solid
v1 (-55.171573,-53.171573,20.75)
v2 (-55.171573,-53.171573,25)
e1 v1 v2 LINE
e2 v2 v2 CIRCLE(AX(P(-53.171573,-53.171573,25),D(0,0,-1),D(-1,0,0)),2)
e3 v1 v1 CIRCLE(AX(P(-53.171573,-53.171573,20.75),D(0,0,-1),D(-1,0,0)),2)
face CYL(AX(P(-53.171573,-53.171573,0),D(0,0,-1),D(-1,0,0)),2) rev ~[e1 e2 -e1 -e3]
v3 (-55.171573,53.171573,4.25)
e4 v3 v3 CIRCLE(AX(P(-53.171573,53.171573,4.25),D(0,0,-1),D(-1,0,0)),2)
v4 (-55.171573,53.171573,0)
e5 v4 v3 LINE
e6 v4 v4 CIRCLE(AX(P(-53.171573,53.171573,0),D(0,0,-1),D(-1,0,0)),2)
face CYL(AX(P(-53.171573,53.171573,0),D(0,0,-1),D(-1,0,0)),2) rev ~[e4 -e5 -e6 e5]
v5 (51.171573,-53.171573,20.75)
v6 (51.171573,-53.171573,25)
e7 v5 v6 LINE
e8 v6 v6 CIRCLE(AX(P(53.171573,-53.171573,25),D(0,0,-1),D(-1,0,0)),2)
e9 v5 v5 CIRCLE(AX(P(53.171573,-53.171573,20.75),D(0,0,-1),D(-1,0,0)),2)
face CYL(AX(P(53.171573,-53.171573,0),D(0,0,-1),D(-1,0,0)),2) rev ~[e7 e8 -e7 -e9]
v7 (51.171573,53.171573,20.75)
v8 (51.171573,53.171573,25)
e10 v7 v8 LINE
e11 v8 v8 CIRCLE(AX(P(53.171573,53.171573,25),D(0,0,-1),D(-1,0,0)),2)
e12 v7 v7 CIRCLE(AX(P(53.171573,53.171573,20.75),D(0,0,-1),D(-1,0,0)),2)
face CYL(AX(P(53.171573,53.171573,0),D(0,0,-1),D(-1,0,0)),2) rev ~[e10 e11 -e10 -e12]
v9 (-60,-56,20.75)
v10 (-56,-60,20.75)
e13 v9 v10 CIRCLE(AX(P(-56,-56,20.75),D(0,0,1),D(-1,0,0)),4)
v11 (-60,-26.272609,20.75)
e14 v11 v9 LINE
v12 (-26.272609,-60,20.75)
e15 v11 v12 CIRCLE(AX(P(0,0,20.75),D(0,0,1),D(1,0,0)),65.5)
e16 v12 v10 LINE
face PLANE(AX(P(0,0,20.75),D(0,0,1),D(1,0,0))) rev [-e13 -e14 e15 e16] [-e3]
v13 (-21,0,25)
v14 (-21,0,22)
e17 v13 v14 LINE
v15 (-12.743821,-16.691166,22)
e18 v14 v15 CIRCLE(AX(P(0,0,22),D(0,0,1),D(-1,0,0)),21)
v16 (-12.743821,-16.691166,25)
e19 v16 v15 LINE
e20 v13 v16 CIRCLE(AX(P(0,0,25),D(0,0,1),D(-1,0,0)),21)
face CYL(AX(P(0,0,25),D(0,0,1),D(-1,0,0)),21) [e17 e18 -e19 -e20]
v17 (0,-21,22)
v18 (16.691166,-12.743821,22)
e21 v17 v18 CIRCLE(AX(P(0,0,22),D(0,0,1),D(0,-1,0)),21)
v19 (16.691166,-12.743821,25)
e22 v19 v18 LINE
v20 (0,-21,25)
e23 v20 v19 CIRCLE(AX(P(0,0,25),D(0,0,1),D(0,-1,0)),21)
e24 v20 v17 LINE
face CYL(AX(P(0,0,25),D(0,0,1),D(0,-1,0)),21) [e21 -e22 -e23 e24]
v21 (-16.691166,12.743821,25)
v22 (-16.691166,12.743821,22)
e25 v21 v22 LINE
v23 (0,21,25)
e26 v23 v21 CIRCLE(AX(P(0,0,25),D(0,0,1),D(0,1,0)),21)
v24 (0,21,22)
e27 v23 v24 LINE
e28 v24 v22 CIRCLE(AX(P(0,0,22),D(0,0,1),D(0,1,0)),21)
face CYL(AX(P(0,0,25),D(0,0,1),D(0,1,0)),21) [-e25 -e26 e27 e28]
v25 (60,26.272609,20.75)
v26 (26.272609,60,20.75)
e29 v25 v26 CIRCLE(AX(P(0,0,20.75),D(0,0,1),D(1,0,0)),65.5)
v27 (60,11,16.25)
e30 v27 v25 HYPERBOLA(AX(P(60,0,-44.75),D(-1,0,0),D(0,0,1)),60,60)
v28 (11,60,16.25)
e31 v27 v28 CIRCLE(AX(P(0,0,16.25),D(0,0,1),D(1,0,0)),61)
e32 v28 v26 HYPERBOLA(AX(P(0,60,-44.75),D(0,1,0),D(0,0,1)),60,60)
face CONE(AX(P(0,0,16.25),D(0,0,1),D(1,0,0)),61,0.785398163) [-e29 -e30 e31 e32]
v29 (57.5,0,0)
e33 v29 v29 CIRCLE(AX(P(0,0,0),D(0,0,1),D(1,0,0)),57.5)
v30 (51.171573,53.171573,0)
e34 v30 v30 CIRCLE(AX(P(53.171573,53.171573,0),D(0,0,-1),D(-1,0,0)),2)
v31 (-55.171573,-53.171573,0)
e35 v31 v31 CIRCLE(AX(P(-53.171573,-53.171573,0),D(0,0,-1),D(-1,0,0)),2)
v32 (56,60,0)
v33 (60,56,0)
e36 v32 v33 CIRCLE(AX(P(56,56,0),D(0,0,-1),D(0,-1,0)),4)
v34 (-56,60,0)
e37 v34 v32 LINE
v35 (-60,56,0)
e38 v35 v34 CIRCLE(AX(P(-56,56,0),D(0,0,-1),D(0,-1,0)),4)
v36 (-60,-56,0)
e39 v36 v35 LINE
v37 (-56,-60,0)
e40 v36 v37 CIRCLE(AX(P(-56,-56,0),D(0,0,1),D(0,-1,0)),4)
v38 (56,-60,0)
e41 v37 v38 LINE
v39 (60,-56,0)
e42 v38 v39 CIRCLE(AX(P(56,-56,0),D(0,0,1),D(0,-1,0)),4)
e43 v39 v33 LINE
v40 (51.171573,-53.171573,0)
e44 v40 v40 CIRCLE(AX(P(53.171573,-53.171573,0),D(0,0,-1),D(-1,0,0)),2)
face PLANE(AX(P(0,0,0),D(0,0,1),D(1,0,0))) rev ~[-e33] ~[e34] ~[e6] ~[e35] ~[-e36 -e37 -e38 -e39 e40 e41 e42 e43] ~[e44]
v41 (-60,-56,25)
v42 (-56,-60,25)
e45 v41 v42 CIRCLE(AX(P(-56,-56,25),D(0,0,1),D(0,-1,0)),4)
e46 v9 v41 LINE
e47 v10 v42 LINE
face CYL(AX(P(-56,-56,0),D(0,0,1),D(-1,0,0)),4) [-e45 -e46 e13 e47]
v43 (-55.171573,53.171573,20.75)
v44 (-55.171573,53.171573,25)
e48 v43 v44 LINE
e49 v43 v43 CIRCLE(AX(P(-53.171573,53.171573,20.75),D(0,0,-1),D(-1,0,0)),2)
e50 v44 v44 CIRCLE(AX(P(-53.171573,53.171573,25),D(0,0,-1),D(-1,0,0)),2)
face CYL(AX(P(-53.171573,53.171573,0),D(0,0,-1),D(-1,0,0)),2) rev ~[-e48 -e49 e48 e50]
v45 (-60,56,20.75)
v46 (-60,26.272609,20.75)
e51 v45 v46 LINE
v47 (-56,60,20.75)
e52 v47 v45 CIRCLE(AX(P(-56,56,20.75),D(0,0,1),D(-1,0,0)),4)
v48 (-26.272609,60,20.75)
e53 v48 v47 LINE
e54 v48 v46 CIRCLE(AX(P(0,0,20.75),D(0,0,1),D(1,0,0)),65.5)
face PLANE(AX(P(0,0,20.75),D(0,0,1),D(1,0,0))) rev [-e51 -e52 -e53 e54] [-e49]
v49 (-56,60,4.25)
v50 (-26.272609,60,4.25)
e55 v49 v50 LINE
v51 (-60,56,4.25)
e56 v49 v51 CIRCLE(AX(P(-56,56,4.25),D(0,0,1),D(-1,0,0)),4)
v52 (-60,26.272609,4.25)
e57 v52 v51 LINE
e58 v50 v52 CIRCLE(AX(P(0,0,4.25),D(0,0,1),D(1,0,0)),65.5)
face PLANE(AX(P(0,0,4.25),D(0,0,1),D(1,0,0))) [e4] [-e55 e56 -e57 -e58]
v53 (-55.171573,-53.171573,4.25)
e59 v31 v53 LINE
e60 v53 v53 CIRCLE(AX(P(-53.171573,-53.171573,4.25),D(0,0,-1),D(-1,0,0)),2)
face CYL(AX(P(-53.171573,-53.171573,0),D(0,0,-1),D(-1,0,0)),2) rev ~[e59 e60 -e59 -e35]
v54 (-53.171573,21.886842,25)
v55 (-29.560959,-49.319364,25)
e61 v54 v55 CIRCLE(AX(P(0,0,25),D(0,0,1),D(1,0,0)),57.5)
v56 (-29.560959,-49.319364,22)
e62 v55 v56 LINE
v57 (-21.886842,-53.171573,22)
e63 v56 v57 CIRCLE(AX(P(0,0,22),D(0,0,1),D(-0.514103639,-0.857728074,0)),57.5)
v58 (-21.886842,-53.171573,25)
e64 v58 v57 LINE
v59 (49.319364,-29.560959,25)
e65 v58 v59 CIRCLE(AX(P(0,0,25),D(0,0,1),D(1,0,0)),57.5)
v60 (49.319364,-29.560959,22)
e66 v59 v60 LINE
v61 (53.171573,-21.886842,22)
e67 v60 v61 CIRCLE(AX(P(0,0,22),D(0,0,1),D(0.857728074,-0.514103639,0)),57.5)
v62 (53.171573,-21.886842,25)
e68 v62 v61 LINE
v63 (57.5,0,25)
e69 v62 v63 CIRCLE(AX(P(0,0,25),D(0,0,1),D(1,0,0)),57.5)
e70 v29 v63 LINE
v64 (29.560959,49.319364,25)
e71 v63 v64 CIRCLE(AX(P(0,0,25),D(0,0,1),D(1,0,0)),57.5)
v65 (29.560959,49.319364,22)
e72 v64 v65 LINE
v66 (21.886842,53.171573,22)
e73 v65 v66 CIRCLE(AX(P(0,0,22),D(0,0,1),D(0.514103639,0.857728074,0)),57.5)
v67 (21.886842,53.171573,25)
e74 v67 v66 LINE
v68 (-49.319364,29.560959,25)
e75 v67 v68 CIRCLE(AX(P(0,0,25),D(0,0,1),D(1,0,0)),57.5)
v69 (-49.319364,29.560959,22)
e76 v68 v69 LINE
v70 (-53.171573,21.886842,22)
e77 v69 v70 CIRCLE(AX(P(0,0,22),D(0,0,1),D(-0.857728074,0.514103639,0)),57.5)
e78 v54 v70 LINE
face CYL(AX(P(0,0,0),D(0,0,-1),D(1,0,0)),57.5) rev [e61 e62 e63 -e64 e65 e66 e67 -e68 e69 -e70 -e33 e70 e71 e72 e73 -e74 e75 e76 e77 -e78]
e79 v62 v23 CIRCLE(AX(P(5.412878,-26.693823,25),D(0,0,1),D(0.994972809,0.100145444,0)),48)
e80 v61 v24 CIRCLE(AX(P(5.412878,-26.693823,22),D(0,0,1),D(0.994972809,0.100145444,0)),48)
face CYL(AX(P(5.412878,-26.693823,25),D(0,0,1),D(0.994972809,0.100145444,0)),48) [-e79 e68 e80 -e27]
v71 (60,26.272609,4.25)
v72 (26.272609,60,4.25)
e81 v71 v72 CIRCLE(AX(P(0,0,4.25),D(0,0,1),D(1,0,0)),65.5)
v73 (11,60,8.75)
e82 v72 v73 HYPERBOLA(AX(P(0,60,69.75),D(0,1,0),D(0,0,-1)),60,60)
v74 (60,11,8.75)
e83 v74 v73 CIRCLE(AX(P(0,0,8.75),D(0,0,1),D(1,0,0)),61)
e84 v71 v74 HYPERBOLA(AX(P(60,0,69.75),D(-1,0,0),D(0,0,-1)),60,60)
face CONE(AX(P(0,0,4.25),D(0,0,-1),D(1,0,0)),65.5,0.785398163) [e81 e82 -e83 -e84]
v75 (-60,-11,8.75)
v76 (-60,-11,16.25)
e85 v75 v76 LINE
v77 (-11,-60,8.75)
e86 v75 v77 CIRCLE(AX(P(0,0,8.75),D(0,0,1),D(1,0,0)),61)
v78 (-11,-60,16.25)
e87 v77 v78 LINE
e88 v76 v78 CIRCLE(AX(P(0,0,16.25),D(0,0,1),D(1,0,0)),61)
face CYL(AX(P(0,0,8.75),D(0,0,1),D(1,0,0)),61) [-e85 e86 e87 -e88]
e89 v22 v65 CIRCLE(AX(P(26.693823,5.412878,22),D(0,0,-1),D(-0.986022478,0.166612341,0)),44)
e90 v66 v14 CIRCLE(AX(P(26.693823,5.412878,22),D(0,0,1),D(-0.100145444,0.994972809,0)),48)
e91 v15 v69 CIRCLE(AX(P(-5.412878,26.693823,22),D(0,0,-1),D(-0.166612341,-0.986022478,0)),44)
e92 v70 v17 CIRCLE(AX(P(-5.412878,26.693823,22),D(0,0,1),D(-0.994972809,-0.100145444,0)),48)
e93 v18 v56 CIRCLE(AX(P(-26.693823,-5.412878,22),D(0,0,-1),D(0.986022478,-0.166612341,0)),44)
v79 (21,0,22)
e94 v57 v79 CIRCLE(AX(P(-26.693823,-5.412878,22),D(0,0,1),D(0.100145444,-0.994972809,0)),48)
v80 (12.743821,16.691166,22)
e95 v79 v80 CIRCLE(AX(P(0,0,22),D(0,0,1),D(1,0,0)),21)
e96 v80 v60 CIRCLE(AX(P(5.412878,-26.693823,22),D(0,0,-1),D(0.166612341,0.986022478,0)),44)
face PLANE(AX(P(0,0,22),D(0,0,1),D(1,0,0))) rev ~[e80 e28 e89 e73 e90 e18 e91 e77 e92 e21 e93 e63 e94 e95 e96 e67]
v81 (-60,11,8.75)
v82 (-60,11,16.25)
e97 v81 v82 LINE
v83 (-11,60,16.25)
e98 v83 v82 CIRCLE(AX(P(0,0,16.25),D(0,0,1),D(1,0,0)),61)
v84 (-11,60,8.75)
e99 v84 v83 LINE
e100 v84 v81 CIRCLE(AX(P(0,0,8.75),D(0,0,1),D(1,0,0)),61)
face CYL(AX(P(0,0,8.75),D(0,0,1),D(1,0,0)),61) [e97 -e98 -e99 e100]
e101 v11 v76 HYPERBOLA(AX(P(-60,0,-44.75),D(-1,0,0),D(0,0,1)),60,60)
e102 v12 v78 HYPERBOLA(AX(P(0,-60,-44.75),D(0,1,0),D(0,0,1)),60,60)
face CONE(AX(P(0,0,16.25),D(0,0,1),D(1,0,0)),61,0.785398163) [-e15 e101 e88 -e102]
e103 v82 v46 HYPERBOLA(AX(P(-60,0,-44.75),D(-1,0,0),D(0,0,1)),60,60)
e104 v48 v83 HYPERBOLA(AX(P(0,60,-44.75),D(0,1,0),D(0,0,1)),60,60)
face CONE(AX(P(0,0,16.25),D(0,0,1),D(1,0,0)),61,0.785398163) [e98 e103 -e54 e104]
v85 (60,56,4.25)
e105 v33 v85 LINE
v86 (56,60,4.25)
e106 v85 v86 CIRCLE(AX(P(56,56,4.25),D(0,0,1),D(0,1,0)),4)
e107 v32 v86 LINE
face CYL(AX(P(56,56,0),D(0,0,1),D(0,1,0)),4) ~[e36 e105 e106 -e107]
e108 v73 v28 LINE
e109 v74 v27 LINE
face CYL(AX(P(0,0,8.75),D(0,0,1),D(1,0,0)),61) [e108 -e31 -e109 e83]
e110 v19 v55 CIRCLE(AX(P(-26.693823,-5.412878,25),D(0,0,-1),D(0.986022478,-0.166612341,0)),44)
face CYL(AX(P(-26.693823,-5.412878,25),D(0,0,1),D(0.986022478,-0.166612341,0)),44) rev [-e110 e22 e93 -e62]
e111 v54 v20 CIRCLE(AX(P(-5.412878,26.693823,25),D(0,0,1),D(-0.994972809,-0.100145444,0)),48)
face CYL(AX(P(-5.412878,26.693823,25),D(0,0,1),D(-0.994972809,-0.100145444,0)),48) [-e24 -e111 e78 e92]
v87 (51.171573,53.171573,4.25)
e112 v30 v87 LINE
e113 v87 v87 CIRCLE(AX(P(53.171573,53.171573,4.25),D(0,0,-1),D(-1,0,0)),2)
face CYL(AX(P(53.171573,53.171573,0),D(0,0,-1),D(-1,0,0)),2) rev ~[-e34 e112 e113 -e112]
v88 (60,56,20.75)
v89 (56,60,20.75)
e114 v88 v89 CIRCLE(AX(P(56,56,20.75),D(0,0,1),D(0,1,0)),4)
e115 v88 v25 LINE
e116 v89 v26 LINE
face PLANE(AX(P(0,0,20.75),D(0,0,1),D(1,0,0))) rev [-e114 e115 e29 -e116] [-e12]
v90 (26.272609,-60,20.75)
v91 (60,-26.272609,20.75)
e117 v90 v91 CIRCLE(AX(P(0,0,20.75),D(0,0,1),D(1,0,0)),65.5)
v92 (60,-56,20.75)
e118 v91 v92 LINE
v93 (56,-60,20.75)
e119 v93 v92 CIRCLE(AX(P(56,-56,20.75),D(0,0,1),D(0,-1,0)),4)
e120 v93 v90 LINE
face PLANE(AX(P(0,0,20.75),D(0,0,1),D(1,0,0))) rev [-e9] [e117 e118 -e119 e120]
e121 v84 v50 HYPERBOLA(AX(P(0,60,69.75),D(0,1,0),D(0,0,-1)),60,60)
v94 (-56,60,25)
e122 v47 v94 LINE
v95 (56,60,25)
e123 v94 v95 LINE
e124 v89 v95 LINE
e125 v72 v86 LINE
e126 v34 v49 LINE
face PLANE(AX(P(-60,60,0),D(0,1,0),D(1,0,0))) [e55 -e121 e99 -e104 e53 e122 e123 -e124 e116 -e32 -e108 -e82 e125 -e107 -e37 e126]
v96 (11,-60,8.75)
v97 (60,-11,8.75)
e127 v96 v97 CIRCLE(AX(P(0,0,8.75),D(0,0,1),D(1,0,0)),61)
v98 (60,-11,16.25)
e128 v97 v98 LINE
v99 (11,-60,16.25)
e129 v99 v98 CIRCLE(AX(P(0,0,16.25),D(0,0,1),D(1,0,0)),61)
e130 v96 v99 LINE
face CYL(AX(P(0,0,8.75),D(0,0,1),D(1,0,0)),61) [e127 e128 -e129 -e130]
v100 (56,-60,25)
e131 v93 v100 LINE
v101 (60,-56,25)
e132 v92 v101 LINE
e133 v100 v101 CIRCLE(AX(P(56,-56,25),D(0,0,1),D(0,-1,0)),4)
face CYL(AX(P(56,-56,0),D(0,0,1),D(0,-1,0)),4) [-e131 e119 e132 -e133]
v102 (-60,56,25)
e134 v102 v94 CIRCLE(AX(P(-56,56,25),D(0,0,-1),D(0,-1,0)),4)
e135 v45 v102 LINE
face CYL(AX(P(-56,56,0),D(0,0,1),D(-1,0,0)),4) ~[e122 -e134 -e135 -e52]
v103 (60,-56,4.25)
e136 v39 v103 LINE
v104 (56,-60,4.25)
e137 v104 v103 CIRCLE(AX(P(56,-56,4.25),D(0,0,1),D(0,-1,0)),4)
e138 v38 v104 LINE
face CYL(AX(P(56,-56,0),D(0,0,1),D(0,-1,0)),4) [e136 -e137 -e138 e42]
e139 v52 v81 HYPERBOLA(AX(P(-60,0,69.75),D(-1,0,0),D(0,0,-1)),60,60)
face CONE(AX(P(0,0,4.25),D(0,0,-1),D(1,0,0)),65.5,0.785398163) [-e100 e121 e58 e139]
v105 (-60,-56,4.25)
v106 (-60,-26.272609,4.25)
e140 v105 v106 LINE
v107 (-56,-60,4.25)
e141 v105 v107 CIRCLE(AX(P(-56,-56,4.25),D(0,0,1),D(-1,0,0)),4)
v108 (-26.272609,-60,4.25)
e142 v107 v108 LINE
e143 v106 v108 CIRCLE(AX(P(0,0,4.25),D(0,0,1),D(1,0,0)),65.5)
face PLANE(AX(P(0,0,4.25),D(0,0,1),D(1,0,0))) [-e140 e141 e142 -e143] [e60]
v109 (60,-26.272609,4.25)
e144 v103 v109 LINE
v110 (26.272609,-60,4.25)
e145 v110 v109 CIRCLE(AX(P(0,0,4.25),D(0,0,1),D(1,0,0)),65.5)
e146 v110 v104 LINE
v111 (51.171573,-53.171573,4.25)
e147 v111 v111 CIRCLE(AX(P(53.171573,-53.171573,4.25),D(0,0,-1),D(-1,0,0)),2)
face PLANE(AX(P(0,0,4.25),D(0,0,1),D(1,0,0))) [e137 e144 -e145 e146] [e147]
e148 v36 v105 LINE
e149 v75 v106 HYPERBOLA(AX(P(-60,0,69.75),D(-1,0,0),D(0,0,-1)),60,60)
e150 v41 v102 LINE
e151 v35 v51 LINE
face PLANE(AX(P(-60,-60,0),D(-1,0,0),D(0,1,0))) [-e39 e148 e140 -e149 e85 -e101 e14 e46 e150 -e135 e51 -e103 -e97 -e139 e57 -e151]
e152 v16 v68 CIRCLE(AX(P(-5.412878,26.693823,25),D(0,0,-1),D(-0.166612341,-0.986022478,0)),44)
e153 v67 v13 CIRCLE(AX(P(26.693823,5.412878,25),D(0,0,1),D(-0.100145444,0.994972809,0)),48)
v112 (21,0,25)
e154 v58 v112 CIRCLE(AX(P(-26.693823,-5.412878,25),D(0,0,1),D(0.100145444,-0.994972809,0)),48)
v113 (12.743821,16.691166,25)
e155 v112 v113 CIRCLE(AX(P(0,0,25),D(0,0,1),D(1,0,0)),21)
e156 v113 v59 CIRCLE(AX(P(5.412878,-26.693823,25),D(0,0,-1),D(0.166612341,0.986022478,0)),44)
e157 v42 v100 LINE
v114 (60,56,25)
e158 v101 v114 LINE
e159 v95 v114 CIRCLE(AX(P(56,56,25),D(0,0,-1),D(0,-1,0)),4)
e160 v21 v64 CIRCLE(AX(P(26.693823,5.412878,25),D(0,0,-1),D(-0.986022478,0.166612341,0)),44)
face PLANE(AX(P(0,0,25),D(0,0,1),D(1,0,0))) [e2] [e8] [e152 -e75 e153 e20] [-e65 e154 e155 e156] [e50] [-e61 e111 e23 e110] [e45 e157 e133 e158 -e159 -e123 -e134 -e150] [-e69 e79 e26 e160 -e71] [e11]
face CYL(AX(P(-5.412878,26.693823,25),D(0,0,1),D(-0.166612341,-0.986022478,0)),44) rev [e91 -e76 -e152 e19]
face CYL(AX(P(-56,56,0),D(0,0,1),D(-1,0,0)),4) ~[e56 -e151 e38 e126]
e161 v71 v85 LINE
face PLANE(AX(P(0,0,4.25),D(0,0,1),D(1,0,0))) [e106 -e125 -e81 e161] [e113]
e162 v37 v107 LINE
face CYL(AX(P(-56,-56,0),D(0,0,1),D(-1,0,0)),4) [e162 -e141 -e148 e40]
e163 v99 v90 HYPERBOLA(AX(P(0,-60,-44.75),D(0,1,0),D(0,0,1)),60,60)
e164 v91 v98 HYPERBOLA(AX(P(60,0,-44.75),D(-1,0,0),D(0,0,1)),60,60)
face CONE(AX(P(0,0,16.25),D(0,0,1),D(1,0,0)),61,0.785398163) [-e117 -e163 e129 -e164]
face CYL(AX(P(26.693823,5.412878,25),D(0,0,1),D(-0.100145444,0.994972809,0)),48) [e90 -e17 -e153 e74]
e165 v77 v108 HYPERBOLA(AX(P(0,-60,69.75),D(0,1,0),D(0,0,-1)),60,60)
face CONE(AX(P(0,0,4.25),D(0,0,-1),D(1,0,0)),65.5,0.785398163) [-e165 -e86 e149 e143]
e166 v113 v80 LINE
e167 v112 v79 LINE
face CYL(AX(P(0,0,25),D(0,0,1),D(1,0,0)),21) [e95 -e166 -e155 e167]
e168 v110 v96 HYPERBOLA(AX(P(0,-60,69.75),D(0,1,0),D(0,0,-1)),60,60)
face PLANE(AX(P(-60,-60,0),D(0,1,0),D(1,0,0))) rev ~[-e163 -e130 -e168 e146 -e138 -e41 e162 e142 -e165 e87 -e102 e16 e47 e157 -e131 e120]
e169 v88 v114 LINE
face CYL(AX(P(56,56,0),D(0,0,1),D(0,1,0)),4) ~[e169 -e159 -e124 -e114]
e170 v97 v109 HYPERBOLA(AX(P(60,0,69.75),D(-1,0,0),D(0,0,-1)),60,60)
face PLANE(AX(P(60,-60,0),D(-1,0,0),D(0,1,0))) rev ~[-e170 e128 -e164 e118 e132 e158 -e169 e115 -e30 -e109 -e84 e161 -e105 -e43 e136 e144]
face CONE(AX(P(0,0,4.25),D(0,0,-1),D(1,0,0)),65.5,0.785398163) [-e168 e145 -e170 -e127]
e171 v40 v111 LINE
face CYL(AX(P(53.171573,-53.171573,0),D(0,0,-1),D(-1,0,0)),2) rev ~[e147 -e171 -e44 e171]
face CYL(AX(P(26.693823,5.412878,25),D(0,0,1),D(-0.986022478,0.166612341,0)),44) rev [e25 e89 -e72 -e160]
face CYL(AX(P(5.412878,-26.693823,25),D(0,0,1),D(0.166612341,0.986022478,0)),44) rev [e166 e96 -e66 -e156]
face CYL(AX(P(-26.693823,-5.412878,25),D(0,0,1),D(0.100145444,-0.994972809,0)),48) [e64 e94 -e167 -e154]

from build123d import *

# Parameters (mm, degrees)
SKETCH1_W           = 120
SKETCH1_H           = 120
SKETCH1_R           = 57.5
BOSS_EXTRUDE1_DEPTH = 25
FILLET1_R           = 4
SKETCH3_R           = 2
CUT_EXTRUDE1_DEPTH  = 26
BOSS_EXTRUDE2_DEPTH = 3


with BuildPart() as part:
    # Sketch1 → Boss-Extrude1 (new body)
    with BuildSketch(Plane.XY):
        Rectangle(SKETCH1_W, SKETCH1_H)
        Circle(SKETCH1_R, mode=Mode.SUBTRACT)
    extrude(amount=BOSS_EXTRUDE1_DEPTH)

    # Fillet1
    fillet1_edges = [part.edges().sort_by_distance(p)[0] for p in [
        (-60, 60, 12.5),
        (60, 60, 12.5),
        (60, -60, 12.5),
        (-60, -60, 12.5),
    ]]
    fillet(fillet1_edges, radius=FILLET1_R)

    # Sketch2 → Cut-Revolve1 (revolve, cut)
    with BuildSketch(Plane(origin=(0, 0, 0), x_dir=(1, 0, 0), z_dir=(0, 1, 0))):
        Polygon((61, -8.75), (61, -16.25), (65.5, -20.75), (86, -20.75), (86, -4.25), (65.5, -4.25), align=None)
    revolve(axis=Axis((0, 0, 0), (0, 0, 1)), mode=Mode.SUBTRACT)

    # Sketch3 → Cut-Extrude1 (cut, through all)
    with BuildSketch(Plane(origin=(0, 0, 0), x_dir=(-1, 0, 0), z_dir=(0, 0, -1))):
        with Locations((-53.171572875, 53.171572875)):
            Circle(SKETCH3_R)
        with Locations((53.171572875, 53.171572875)):
            Circle(SKETCH3_R)
        with Locations((53.171572875, -53.171572875)):
            Circle(SKETCH3_R)
        with Locations((-53.171572875, -53.171572875)):
            Circle(SKETCH3_R)
    extrude(amount=-CUT_EXTRUDE1_DEPTH, mode=Mode.SUBTRACT)

    # Sketch4 → Boss-Extrude2 (add)
    with BuildSketch(Plane.XY.offset(25)):
        with BuildLine():
            ThreePointArc((0, 21), (-9.310739966, 18.823127298), (-16.691166059, 12.743821075))
            ThreePointArc((-16.691166059, 12.743821075), (-0.598422961, 39.925677295), (29.560959215, 49.319364252))
            ThreePointArc((29.560959215, 49.319364252), (25.795909203, 51.388919704), (21.886841663, 53.171572875))
            ThreePointArc((21.886841663, 53.171572875), (-10.667756929, 35.547780517), (-21, 0))
            ThreePointArc((-21, 0), (-18.823127298, -9.310739966), (-12.743821075, -16.691166059))
            ThreePointArc((-12.743821075, -16.691166059), (-39.925677295, -0.598422961), (-49.319364252, 29.560959215))
            ThreePointArc((-49.319364252, 29.560959215), (-51.388919704, 25.795909203), (-53.171572875, 21.886841663))
            ThreePointArc((-53.171572875, 21.886841663), (-35.547780517, -10.667756929), (0, -21))
            ThreePointArc((0, -21), (9.310739966, -18.823127298), (16.691166059, -12.743821075))
            ThreePointArc((16.691166059, -12.743821075), (0.598422961, -39.925677295), (-29.560959215, -49.319364252))
            ThreePointArc((-29.560959215, -49.319364252), (-25.795909203, -51.388919704), (-21.886841663, -53.171572875))
            ThreePointArc((-21.886841663, -53.171572875), (10.667756929, -35.547780517), (21, 0))
            ThreePointArc((21, 0), (18.823127298, 9.310739966), (12.743821075, 16.691166059))
            ThreePointArc((12.743821075, 16.691166059), (39.925677295, 0.598422961), (49.319364252, -29.560959215))
            ThreePointArc((49.319364252, -29.560959215), (51.388919704, -25.795909203), (53.171572875, -21.886841663))
            ThreePointArc((53.171572875, -21.886841663), (35.547780517, 10.667756929), (0, 21))
        make_face()
    extrude(amount=-BOSS_EXTRUDE2_DEPTH)


solid = part.part
